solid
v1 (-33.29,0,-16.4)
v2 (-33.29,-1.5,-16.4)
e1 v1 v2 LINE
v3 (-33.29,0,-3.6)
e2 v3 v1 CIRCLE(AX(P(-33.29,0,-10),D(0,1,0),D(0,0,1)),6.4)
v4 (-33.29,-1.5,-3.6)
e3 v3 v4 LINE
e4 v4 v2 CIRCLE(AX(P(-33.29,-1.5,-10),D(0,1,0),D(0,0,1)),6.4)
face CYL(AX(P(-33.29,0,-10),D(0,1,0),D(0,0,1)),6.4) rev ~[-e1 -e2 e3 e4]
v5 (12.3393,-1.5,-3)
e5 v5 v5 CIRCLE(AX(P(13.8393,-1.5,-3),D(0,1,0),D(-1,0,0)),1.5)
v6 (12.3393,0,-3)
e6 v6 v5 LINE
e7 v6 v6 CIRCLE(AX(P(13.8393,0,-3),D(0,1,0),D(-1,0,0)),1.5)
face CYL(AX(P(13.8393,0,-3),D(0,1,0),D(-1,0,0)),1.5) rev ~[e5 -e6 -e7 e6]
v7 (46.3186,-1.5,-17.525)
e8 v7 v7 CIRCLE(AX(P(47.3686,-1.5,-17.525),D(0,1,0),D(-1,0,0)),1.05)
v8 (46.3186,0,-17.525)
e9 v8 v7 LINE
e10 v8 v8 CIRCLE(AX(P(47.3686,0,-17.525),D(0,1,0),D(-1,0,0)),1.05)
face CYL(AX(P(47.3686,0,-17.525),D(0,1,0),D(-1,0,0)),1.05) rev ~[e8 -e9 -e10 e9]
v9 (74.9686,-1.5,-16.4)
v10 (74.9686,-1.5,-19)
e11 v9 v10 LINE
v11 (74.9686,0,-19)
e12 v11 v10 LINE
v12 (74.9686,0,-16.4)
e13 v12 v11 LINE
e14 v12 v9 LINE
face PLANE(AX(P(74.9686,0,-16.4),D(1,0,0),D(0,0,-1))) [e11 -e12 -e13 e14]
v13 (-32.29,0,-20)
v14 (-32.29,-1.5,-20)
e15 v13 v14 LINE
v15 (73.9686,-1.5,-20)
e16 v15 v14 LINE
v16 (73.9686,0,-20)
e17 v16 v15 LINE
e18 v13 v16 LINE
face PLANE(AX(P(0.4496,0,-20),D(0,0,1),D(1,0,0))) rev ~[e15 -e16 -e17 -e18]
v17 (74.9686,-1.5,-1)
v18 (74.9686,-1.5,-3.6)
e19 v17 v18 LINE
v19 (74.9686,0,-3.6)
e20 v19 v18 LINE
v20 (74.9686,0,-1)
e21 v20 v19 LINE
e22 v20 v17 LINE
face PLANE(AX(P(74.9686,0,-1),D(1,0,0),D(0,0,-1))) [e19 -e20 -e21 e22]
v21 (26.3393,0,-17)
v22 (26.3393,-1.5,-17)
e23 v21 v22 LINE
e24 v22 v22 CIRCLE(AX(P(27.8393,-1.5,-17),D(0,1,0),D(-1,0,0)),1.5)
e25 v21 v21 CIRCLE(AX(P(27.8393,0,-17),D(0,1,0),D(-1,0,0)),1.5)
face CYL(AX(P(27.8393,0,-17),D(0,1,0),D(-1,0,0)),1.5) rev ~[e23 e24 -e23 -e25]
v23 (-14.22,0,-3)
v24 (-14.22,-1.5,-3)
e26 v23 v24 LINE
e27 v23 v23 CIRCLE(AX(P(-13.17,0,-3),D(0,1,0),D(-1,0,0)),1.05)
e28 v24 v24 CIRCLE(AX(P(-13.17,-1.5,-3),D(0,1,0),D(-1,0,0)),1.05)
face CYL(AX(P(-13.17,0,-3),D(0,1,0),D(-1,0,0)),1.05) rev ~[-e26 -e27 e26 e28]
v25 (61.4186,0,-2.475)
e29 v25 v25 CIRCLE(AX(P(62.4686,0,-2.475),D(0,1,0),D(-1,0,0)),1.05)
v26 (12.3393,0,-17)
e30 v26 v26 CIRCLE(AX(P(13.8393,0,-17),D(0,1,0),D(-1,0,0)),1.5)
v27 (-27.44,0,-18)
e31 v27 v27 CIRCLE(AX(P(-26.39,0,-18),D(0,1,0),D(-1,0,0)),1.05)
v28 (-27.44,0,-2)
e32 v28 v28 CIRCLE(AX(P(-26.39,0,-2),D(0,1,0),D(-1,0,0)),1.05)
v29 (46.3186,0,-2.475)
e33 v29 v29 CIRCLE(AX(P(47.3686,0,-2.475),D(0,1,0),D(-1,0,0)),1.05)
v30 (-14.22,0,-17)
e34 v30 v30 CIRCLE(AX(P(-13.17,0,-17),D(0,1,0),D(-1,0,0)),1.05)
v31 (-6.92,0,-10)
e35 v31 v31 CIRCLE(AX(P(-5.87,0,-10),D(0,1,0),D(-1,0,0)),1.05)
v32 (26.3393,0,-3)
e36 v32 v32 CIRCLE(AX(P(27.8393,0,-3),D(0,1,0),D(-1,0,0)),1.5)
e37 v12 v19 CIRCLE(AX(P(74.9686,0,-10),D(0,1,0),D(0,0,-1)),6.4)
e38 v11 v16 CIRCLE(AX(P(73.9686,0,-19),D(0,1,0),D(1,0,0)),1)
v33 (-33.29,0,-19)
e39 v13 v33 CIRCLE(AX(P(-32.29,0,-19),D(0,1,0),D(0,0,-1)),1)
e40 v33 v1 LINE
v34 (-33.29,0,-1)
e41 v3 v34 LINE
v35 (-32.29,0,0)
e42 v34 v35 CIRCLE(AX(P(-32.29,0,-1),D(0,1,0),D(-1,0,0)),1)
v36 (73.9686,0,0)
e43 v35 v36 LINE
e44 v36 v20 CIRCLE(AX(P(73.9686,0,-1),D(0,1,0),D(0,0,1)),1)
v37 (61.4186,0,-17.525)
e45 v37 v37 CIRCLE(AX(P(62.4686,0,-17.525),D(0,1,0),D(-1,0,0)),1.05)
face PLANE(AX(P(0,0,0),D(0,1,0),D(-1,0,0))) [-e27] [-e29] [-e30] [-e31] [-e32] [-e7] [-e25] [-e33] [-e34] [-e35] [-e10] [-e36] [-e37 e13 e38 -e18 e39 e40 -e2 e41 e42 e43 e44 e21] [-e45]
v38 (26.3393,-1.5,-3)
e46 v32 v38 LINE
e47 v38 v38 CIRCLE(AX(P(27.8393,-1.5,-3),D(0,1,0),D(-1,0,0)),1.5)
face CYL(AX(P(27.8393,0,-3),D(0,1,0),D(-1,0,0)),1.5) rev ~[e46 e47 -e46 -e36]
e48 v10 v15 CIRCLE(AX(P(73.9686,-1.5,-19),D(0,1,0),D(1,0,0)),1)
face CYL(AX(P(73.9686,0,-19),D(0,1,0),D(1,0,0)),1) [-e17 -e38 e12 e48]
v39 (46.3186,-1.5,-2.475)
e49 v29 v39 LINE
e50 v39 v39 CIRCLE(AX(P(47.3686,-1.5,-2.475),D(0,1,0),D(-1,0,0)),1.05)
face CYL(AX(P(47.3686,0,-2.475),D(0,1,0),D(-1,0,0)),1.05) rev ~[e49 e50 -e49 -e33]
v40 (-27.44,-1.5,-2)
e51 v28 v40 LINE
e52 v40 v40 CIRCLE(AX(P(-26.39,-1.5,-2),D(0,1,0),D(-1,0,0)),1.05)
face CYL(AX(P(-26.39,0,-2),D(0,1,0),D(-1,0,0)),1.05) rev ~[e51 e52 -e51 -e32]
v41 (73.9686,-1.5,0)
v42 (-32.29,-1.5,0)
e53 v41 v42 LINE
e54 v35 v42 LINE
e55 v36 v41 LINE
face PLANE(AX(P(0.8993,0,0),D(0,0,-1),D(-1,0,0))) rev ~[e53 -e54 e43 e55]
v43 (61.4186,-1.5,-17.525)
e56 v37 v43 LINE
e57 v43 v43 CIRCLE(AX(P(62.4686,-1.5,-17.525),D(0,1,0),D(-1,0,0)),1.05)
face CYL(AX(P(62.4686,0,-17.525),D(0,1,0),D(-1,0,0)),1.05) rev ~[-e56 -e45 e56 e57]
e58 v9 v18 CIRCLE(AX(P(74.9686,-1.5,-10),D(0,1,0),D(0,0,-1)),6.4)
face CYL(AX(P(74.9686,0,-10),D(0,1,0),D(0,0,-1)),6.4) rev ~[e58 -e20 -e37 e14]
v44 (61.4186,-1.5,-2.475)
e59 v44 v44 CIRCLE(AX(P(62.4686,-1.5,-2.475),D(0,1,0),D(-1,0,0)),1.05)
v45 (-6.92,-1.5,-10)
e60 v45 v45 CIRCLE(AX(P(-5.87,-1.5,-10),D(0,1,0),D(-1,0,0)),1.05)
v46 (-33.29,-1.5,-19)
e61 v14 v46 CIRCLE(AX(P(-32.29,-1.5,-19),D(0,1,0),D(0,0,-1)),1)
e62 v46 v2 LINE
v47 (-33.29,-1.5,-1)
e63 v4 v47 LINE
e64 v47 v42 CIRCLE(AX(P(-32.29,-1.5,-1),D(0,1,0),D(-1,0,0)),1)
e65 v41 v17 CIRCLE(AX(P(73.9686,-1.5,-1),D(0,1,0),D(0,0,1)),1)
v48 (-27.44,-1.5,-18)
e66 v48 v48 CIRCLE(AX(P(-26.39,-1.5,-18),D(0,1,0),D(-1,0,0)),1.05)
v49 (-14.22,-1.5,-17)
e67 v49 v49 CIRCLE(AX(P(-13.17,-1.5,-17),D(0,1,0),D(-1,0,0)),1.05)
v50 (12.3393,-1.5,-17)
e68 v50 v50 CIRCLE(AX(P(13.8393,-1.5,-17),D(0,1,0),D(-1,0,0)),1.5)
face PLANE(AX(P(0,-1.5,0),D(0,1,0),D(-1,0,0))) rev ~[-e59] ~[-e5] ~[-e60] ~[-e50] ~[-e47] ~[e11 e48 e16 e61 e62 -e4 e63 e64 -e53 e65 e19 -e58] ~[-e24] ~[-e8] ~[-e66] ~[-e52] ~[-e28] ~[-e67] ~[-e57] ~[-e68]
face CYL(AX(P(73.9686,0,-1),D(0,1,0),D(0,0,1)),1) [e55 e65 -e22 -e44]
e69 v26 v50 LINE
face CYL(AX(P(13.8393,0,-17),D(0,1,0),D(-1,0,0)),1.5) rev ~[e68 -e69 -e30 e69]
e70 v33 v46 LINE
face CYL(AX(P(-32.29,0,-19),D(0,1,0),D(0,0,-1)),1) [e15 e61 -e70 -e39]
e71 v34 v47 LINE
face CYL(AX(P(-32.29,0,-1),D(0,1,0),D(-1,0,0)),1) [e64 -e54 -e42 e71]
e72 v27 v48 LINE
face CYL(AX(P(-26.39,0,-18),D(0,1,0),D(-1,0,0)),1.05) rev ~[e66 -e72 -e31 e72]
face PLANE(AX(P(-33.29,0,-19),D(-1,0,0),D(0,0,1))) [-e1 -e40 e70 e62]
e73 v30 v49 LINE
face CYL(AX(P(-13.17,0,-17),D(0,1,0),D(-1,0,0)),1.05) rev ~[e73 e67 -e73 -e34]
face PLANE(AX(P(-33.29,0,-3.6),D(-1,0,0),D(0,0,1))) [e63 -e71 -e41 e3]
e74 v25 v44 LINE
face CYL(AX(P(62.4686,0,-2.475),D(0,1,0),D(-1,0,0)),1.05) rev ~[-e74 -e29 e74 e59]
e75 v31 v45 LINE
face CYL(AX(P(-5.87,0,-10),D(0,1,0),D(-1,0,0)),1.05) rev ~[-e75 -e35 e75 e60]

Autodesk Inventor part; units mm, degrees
ref_plane "YZ Plane" through (0, 0, 0) normal (1, 0, 0) x (0, 1, 0)
ref_plane "XZ Plane" through (0, 0, 0) normal (0, 1, 0) x (-1, 0, 0)
ref_plane "XY Plane" through (0, 0, 0) normal (0, 0, 1) x (1, 0, 0)
sketch "Sketch1" plane through (0, 0, 0) normal (0, 1, 0) x (-1, 0, 0)
  line L0 (-0.4496, -20) -> (-0.4496, 0)
  line L1 (-41.2289, 0) -> (-41.2289, -20)
  circle A0 centre (13.17, -3) radius 1.05
  circle A1 centre (5.87, -10) radius 1.05
  circle A2 centre (13.17, -17) radius 1.05
  circle A3 centre (26.39, -18) radius 1.05
  circle A4 centre (26.39, -2) radius 1.05
  circle A5 centre (-62.4686, -2.475) radius 1.05
  circle A6 centre (-62.4686, -17.525) radius 1.05
  circle A7 centre (-47.3686, -17.525) radius 1.05
  circle A8 centre (-47.3686, -2.475) radius 1.05
  circle A9 centre (-13.8393, -17) radius 1.5
  circle A10 centre (-13.8393, -3) radius 1.5
  circle A11 centre (-27.8393, -3) radius 1.5
  circle A12 centre (-27.8393, -17) radius 1.5
  arc A13 (32.29, -20) -> (33.29, -19) centre (32.29, -19) ccw
  line L2 (33.29, -19) -> (33.29, -16.4)
  arc A14 (33.29, -1) -> (32.29, 0) centre (32.29, -1) ccw
  line L3 (33.29, -3.6) -> (33.29, -1)
  arc A15 (-73.9686, 0) -> (-74.9686, -1) centre (-73.9686, -1) ccw
  arc A16 (-74.9686, -19) -> (-73.9686, -20) centre (-73.9686, -19) ccw
  line L4 (-74.9686, -1) -> (-74.9686, -3.6)
  line L5 (-74.9686, -16.4) -> (-74.9686, -19)
  arc A17 (33.29, -3.6) -> (33.29, -16.4) centre (33.29, -10) ccw
  arc A18 (-74.9686, -16.4) -> (-74.9686, -3.6) centre (-74.9686, -10) ccw
  line L6 (32.29, -20) -> (-73.9686, -20)
  line L7 (-73.9686, 0) -> (32.29, 0)
  line L8 (-41.6786, -20) -> (-41.6786, 0)
  line L9 (-40.7793, 0) -> (-40.7793, -20)
  line L10 (-0.8993, -20) -> (-0.8993, 0)
  line L11 (0, 0) -> (0, -20)
extrude "Extrusion1" add sketch "Sketch1" against normal blind 1.5
properties part number "CAM_axis_5_top_frame"
